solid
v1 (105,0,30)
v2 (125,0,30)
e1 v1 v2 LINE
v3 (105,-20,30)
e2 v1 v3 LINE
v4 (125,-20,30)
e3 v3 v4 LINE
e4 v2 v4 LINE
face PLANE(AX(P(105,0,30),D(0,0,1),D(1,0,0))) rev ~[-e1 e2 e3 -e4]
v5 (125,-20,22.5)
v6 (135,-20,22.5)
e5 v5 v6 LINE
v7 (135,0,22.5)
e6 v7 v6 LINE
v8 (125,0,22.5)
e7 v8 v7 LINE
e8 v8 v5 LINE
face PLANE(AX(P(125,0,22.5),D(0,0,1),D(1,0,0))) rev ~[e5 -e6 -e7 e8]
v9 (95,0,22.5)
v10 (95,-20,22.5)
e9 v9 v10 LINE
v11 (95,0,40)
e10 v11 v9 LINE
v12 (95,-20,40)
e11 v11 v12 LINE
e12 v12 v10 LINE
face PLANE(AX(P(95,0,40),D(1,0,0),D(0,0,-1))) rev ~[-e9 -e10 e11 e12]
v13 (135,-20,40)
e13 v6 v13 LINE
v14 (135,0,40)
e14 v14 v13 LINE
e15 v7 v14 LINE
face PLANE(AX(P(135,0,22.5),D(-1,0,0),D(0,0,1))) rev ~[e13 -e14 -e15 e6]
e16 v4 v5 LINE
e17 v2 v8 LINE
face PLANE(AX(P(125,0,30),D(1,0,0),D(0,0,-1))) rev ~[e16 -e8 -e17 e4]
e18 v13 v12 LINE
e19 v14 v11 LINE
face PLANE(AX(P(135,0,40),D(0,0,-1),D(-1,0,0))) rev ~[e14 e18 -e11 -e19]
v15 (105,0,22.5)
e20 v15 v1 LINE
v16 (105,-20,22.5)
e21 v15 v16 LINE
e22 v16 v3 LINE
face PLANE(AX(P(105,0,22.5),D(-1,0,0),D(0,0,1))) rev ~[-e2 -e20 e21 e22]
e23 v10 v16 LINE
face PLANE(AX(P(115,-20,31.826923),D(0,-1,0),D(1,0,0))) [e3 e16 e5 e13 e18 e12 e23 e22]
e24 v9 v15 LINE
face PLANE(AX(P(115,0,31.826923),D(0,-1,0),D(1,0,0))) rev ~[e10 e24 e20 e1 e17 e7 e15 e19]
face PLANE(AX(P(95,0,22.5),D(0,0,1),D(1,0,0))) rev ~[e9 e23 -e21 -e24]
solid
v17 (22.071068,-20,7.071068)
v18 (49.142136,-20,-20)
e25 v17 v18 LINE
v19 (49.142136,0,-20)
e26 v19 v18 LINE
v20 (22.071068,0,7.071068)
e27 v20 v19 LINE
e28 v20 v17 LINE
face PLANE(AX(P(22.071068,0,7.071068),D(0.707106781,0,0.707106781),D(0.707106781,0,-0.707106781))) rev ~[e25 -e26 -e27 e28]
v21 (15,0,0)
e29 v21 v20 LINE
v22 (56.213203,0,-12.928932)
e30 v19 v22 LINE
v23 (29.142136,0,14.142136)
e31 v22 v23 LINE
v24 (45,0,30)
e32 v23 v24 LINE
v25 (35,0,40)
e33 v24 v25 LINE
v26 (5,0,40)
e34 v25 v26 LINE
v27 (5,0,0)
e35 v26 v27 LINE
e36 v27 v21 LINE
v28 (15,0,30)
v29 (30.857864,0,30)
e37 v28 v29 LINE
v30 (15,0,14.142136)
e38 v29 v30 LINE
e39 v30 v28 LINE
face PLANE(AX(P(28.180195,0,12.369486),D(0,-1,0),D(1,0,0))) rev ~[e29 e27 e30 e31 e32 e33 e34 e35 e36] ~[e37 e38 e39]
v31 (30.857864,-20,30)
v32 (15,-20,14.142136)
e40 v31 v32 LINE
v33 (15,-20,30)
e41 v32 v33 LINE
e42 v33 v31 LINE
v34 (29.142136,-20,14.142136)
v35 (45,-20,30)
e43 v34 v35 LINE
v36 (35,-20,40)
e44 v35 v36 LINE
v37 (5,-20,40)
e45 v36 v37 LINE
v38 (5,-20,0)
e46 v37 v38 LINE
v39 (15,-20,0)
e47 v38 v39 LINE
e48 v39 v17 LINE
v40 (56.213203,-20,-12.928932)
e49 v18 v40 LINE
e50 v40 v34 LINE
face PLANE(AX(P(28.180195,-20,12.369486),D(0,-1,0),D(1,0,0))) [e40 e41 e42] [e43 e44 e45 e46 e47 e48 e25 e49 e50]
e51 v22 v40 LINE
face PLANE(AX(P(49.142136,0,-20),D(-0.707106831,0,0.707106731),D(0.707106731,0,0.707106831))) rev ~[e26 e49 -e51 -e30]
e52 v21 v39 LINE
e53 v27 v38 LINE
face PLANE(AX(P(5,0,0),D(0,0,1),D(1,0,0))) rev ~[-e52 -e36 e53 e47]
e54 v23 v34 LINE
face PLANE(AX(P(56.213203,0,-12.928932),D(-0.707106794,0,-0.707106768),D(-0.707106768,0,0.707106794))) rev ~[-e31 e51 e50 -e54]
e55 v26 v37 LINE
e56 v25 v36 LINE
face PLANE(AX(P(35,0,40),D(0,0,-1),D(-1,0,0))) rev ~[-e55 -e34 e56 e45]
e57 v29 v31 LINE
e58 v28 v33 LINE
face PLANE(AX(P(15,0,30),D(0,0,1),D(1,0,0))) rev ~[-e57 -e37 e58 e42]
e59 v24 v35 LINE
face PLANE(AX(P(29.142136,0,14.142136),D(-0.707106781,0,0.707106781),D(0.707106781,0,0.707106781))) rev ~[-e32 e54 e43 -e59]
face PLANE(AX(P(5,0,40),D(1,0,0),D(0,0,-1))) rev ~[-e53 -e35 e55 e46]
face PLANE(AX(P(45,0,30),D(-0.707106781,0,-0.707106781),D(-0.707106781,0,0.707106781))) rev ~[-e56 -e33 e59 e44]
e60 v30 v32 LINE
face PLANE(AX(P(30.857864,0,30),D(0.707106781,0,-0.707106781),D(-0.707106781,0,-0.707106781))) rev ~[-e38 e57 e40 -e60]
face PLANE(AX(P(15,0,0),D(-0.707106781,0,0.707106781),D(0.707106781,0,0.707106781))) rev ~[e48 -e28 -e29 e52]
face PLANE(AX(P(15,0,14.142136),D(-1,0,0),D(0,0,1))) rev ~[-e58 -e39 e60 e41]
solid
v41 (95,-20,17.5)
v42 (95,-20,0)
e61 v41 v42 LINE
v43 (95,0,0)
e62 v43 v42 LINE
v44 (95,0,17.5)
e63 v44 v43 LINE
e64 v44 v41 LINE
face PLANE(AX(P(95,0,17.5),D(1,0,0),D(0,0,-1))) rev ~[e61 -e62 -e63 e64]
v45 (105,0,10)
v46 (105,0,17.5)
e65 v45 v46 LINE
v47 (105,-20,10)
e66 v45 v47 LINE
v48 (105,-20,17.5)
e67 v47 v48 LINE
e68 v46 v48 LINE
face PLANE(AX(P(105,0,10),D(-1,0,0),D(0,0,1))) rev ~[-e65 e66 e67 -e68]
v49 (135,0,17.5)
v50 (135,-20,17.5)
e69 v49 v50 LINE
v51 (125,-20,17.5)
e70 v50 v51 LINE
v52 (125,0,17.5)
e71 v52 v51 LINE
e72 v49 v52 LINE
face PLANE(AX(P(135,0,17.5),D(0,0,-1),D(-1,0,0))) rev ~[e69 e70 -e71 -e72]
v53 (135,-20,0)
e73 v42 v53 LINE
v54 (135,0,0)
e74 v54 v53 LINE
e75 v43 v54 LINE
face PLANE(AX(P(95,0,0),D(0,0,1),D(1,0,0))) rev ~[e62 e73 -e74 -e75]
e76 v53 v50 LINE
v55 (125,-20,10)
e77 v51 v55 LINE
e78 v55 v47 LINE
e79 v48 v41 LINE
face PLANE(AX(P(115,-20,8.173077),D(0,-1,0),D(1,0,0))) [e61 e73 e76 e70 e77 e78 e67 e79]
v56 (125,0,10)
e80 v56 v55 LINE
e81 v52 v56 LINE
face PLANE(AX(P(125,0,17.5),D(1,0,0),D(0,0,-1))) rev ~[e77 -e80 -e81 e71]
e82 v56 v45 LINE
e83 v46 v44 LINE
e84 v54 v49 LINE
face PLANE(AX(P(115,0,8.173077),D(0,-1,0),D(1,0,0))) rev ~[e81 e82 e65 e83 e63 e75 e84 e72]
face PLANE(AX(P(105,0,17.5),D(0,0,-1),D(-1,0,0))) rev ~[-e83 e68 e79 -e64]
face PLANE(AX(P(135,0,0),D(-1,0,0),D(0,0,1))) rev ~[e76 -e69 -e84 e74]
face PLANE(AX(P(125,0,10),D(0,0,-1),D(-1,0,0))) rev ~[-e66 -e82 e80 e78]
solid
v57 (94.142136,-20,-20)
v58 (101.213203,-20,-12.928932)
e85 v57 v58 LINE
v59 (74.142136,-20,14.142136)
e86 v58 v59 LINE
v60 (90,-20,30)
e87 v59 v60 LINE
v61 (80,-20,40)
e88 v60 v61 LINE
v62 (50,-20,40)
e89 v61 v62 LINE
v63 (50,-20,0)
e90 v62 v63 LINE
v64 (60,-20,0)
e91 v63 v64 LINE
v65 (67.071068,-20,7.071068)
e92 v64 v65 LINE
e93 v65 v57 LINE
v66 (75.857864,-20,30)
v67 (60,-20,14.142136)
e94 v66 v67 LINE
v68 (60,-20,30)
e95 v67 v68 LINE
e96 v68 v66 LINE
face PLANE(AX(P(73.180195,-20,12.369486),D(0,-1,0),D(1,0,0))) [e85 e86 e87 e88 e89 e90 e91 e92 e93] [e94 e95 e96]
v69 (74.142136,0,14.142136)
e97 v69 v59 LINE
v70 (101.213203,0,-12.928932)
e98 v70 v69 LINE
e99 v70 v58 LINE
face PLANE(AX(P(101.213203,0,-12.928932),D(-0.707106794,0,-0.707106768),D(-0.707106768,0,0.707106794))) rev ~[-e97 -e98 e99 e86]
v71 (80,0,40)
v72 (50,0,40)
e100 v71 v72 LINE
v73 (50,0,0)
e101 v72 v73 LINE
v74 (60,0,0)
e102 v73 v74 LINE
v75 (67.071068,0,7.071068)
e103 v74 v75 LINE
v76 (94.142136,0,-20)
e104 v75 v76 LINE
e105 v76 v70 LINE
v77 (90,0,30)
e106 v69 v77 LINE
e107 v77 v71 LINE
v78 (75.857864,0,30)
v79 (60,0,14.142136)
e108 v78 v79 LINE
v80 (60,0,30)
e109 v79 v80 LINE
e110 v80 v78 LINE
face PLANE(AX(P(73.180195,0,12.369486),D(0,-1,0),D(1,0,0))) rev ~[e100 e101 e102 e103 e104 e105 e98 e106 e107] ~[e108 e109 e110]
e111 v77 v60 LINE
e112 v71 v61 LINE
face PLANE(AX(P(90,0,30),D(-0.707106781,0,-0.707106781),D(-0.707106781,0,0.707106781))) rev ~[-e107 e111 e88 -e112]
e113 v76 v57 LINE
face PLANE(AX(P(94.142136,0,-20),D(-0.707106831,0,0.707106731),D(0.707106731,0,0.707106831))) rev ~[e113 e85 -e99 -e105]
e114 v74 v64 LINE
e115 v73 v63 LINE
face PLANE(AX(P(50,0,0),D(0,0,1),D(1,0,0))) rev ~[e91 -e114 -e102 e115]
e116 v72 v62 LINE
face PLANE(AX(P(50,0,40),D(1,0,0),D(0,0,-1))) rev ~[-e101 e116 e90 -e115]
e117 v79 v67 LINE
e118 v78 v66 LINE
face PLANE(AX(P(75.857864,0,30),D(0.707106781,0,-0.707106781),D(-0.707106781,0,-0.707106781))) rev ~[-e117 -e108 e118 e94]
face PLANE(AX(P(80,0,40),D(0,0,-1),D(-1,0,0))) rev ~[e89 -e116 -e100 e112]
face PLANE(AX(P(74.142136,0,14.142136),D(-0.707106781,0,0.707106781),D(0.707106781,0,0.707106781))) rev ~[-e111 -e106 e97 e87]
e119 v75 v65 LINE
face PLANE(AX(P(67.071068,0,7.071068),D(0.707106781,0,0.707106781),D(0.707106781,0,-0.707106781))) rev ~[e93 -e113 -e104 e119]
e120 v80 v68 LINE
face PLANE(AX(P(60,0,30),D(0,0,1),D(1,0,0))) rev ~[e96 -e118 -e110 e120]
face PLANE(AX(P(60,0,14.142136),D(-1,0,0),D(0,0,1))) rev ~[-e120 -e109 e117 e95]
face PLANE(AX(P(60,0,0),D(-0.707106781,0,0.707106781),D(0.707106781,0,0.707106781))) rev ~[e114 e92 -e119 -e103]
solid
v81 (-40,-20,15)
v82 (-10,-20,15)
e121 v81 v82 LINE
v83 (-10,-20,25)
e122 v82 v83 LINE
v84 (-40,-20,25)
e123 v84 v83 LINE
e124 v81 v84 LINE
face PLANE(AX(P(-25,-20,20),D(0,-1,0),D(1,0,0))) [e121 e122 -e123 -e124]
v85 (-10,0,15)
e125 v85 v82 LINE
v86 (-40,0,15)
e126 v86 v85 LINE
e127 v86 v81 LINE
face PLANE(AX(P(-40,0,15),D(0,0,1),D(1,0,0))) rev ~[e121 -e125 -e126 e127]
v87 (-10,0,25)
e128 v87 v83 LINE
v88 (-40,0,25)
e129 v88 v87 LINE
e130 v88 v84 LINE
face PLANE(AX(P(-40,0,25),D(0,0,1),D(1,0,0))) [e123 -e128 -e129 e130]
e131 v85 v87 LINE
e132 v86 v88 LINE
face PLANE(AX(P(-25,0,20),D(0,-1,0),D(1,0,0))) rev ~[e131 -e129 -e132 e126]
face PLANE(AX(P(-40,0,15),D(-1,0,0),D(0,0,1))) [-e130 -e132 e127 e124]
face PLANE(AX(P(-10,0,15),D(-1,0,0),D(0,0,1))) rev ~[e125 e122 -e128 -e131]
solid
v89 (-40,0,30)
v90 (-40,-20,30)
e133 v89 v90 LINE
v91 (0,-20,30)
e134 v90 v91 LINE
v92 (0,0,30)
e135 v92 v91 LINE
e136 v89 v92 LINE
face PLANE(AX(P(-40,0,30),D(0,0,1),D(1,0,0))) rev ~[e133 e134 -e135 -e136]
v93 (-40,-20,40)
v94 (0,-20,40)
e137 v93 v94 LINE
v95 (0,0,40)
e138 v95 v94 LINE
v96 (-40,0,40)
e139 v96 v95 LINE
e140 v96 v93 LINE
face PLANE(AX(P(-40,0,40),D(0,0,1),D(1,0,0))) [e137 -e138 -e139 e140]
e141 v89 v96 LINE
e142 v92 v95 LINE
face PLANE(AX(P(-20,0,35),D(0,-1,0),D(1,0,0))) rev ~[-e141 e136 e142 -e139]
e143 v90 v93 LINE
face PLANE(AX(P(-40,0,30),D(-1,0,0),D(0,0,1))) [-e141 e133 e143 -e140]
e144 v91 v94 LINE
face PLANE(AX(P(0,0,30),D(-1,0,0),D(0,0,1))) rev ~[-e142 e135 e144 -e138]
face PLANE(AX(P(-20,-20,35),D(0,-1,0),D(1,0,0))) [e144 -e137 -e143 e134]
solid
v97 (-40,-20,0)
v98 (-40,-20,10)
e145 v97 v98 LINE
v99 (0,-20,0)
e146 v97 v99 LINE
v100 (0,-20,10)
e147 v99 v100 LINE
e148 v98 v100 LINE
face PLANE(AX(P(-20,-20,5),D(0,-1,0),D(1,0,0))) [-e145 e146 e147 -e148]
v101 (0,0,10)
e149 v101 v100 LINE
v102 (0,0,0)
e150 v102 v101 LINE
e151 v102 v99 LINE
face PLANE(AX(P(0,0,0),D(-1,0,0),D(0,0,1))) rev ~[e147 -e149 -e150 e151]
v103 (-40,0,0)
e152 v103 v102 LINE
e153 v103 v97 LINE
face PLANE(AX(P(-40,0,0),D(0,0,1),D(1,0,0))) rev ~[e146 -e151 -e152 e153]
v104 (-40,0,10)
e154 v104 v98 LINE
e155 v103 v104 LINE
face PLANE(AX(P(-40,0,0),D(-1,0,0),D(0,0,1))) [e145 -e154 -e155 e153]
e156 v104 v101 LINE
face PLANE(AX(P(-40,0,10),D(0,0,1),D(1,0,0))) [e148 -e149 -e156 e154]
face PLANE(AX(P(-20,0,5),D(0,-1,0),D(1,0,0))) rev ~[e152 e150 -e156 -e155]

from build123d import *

# Parameters (mm, degrees)
F0_W     = 40
F0_H     = 10
F0_W_2   = 30
F1_DEPTH = 20


with BuildPart() as f1:
    # F0 (on Front) → F1 (new body)
    with BuildSketch(Plane.XZ):
        with Locations((-20, 35)):
            Rectangle(F0_W, F0_H)
        with Locations((-25, 20)):
            Rectangle(F0_W_2, F0_H)
        with Locations((-20, 5)):
            Rectangle(F0_W, F0_H)
        Polygon((5, 40), (5, 0), (15, 0), (22.071068, 7.071068), (49.142136, -20), (56.213203, -12.928932), (29.142136, 14.142136), (45, 30), (35, 40), align=None)
        Polygon((15, 14.142136), (15, 30), (30.857864, 30), align=None, mode=Mode.SUBTRACT)
        Polygon((50, 40), (50, 0), (60, 0), (67.071068, 7.071068), (94.142136, -20), (101.213203, -12.928932), (74.142136, 14.142136), (90, 30), (80, 40), align=None)
        Polygon((60, 14.142136), (60, 30), (75.857864, 30), align=None, mode=Mode.SUBTRACT)
        Polygon((95, 17.5), (95, 0), (135, 0), (135, 17.5), (125, 17.5), (125, 10), (105, 10), (105, 17.5), align=None)
        Polygon((135, 40), (95, 40), (95, 22.5), (105, 22.5), (105, 30), (125, 30), (125, 22.5), (135, 22.5), align=None)
    extrude(amount=F1_DEPTH)


solid = f1.part
